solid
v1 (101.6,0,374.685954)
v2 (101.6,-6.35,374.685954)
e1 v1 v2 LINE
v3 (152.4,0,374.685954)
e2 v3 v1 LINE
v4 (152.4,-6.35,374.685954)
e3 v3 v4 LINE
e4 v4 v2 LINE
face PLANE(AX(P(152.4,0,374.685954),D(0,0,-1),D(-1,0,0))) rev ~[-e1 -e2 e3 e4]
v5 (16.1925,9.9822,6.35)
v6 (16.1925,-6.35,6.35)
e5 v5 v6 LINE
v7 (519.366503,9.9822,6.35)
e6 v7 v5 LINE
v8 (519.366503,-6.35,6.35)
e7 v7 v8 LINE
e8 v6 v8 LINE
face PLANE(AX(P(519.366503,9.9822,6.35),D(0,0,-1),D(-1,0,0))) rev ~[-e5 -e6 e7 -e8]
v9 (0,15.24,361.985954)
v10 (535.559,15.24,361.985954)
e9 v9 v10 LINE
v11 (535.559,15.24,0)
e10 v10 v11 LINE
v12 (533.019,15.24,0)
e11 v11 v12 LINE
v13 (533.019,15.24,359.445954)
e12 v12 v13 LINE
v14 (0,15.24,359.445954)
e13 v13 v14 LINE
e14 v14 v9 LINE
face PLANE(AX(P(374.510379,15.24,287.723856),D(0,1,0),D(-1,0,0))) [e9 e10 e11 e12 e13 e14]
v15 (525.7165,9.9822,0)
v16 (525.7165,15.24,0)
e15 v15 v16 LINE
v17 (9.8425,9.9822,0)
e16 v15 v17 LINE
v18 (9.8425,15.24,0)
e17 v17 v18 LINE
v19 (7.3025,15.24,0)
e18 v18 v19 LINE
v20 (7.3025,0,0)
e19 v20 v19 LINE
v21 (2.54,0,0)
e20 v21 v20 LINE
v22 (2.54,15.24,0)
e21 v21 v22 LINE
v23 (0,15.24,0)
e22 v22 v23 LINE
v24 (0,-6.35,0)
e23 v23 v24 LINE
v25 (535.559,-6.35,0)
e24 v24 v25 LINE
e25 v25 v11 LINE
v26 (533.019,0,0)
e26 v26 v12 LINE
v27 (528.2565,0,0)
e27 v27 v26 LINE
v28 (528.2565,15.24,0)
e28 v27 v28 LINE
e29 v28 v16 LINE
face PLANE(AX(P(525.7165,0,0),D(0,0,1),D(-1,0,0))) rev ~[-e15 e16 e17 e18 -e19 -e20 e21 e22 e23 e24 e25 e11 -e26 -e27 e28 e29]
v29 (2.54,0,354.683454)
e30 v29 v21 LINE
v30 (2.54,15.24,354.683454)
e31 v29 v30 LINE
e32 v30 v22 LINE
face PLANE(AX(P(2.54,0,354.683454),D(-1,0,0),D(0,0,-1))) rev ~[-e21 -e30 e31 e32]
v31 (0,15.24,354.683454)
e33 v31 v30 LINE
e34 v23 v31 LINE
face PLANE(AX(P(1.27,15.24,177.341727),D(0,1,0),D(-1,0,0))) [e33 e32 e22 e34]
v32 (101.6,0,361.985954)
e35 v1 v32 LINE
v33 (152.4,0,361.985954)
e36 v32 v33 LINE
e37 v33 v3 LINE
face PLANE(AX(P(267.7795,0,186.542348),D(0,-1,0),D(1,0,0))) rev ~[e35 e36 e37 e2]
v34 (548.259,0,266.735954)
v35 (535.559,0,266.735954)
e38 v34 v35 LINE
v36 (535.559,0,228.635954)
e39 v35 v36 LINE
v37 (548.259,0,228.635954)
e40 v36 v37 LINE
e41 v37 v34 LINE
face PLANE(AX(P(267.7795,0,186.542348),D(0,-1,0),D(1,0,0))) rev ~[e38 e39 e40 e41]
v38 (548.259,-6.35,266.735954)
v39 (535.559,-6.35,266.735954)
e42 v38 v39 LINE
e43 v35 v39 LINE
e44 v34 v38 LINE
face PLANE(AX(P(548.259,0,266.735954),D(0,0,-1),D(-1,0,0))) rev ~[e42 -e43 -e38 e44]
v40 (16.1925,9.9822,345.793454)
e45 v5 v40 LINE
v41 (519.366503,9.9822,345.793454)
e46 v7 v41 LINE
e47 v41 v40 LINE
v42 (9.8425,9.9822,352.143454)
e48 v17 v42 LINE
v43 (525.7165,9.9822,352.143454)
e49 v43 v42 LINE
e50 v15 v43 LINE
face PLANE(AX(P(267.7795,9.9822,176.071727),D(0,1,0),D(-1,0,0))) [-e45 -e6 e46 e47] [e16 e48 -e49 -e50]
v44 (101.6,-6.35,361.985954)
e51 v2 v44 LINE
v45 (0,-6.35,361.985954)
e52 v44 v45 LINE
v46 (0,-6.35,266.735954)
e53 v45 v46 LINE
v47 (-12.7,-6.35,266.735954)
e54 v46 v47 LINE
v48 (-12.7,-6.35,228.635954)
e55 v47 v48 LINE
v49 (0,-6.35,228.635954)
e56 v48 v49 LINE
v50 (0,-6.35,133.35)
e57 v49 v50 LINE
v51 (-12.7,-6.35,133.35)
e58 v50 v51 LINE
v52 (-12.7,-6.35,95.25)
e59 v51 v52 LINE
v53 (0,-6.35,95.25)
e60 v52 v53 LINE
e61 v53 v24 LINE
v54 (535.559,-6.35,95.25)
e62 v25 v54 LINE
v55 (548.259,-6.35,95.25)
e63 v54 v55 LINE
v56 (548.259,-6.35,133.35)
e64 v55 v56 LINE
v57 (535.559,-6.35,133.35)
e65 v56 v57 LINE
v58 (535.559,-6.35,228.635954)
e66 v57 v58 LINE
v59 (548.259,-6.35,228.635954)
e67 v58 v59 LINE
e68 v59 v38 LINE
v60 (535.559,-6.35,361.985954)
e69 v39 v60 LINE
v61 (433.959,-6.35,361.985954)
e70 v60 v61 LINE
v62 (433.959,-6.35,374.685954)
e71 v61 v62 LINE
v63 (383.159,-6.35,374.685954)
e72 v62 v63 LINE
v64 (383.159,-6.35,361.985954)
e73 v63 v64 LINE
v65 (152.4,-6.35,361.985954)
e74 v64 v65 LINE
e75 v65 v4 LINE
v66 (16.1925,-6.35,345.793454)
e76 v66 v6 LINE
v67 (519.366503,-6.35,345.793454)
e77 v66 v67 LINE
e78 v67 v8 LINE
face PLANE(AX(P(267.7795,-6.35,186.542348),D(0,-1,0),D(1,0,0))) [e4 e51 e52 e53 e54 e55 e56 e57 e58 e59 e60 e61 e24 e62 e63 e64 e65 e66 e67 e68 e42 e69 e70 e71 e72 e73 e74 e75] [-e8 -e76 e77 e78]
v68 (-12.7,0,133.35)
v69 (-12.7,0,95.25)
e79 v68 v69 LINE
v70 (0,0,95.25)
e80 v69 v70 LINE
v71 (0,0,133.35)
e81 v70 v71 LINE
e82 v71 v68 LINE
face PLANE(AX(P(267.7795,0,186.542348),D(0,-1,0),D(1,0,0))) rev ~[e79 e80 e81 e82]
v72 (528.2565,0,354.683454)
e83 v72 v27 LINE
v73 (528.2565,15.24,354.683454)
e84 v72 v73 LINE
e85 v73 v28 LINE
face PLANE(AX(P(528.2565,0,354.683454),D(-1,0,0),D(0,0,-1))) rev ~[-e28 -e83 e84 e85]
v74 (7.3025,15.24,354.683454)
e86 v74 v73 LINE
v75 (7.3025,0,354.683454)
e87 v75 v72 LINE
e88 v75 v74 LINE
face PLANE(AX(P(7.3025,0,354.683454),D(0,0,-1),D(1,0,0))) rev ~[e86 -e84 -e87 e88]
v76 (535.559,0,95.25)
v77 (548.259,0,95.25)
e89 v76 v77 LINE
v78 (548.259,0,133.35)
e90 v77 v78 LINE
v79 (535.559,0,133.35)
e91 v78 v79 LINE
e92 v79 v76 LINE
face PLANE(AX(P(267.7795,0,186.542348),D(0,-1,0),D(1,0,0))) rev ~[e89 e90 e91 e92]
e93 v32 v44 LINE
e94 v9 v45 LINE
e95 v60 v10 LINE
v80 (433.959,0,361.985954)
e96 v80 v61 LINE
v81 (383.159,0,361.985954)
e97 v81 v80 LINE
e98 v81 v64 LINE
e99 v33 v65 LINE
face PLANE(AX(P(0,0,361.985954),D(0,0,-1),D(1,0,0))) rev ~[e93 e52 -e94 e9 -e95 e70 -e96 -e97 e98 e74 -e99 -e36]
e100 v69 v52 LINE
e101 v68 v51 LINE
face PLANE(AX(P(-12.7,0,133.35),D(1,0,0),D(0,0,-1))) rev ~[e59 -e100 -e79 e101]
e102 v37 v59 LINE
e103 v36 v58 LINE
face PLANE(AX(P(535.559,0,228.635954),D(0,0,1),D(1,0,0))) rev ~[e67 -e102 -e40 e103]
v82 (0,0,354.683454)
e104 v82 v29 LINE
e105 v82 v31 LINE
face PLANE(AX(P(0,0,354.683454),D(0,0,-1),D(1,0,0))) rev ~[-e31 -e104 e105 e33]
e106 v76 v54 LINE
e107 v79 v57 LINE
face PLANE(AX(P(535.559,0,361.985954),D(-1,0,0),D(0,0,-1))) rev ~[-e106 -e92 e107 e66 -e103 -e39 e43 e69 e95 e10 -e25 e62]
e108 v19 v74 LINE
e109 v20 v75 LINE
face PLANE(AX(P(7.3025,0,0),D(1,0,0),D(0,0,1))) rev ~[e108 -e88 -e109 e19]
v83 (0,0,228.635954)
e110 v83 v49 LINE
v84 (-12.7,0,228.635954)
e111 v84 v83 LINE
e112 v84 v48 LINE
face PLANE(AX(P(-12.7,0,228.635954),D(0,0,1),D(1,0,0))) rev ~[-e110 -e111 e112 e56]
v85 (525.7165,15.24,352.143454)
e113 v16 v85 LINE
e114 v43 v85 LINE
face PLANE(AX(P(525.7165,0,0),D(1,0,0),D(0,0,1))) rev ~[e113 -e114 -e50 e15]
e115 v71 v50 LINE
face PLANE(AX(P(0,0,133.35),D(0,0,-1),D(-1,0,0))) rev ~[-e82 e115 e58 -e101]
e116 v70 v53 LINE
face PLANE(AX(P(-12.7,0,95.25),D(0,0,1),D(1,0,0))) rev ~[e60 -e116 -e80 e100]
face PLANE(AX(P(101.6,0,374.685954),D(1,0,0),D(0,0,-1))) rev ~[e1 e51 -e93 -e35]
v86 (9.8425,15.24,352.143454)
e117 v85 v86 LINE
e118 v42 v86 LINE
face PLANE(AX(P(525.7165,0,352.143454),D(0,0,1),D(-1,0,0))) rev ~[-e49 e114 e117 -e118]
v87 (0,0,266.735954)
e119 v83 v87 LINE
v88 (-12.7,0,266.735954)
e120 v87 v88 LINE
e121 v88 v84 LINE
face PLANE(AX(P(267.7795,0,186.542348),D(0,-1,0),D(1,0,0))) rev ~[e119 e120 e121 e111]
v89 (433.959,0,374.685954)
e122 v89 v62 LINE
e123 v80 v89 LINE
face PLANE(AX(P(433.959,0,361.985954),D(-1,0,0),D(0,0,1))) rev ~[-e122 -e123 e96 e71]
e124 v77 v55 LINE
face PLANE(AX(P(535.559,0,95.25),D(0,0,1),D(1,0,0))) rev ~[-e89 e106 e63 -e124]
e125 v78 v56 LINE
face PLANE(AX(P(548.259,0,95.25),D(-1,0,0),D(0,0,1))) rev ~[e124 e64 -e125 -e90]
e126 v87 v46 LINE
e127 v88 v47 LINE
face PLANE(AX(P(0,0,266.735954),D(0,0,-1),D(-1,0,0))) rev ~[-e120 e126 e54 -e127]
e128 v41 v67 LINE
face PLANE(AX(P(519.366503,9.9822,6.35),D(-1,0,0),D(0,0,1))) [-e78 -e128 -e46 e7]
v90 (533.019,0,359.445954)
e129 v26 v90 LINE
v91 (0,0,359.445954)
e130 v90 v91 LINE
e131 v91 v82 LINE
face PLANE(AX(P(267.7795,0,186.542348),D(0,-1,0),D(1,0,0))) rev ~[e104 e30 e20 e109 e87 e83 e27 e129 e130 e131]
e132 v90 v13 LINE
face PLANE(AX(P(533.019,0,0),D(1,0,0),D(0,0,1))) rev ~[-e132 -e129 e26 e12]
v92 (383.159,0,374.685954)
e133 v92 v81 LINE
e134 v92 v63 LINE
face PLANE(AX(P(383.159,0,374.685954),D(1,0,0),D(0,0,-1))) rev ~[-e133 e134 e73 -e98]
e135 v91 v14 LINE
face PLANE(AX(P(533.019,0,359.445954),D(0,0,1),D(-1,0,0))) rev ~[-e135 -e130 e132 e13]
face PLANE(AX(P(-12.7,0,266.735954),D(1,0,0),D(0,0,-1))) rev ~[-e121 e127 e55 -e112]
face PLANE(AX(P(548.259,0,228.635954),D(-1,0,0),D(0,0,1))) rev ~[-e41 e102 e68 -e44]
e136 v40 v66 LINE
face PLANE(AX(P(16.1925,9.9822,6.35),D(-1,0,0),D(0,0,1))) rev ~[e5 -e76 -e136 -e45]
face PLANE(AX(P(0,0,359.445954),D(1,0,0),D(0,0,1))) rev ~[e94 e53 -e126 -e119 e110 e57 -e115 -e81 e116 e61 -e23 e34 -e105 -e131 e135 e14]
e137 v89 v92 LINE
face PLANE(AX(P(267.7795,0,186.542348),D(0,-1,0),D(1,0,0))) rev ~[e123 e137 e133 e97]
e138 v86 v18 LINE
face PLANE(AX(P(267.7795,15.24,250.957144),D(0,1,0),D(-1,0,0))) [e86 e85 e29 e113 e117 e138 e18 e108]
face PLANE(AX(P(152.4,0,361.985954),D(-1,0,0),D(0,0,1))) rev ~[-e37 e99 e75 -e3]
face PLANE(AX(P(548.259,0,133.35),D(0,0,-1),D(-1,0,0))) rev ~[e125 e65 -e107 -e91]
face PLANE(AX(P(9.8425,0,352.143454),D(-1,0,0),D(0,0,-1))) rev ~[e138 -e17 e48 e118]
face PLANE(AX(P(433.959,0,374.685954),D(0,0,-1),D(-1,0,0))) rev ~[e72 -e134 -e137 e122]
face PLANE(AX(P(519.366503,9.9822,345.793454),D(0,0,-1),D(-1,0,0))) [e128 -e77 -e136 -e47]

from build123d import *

# Parameters (mm, degrees)
F1_DEPTH = 6.35
F3_DEPTH = 15.24
F4_W     = 515.874
F4_H     = 352.143454
F5_DEPTH = 9.9822
F6_W     = 503.174003
F6_H     = 339.443454
F7_DEPTH = 16.3332


with BuildPart() as f1:
    # F0 (on Front) → F1 (new body)
    with BuildSketch(Plane.XZ):
        Polygon((0, 95.25), (0, 0), (535.559, 0), (535.559, 95.25), (548.259, 95.25), (548.259, 133.35), (535.559, 133.35), (535.559, 228.635954), (548.259, 228.635954), (548.259, 266.735954), (535.559, 266.735954), (535.559, 361.985954), (433.959, 361.985954), (433.959, 374.685954), (383.159, 374.685954), (383.159, 361.985954), (152.4, 361.985954), (152.4, 374.685954), (101.6, 374.685954), (101.6, 361.985954), (0, 361.985954), (0, 266.735954), (-12.7, 266.735954), (-12.7, 228.635954), (0, 228.635954), (0, 133.35), (-12.7, 133.35), (-12.7, 95.25), align=None)
    extrude(amount=F1_DEPTH)

    # F2 (on face) → F3 (join)
    with BuildSketch(Plane(origin=(0, 0, 0), x_dir=(-1, 0, 0), z_dir=(0, 1, 0))):
        Polygon((0, 361.985954), (-535.559, 361.985954), (-535.559, 359.445954), (-535.559, 354.683454), (-535.559, 352.143454), (-535.559, 0), (-533.019, 0), (-533.019, 352.143454), (-533.019, 354.683454), (-533.019, 359.445954), (-2.54, 359.445954), (0, 359.445954), align=None)
        Polygon((0, 352.143454), (0, 354.683454), (-2.54, 354.683454), (-2.54, 352.143454), (-2.54, 0), (0, 0), align=None)
        Polygon((-528.2565, 352.143454), (-528.2565, 0), (-525.7165, 0), (-525.7165, 352.143454), (-9.8425, 352.143454), (-9.8425, 0), (-7.3025, 0), (-7.3025, 352.143454), (-7.3025, 354.683454), (-528.2565, 354.683454), align=None)
    extrude(amount=F3_DEPTH)

    # F4 (on face) → F5 (join)
    with BuildSketch(Plane(origin=(0, 0, 0), x_dir=(-1, 0, 0), z_dir=(0, 1, 0))):
        with Locations((-267.7795, 176.071727)):
            Rectangle(F4_W, F4_H)
    extrude(amount=F5_DEPTH)

    # F6 (on face) → F7 (cut, through all)
    with BuildSketch(Plane(origin=(0, 9.9822, 0), x_dir=(-1, 0, 0), z_dir=(0, 1, 0))):
        with Locations((-267.779501, 176.071727)):
            Rectangle(F6_W, F6_H)
    extrude(amount=-F7_DEPTH, mode=Mode.SUBTRACT)


solid = f1.part
